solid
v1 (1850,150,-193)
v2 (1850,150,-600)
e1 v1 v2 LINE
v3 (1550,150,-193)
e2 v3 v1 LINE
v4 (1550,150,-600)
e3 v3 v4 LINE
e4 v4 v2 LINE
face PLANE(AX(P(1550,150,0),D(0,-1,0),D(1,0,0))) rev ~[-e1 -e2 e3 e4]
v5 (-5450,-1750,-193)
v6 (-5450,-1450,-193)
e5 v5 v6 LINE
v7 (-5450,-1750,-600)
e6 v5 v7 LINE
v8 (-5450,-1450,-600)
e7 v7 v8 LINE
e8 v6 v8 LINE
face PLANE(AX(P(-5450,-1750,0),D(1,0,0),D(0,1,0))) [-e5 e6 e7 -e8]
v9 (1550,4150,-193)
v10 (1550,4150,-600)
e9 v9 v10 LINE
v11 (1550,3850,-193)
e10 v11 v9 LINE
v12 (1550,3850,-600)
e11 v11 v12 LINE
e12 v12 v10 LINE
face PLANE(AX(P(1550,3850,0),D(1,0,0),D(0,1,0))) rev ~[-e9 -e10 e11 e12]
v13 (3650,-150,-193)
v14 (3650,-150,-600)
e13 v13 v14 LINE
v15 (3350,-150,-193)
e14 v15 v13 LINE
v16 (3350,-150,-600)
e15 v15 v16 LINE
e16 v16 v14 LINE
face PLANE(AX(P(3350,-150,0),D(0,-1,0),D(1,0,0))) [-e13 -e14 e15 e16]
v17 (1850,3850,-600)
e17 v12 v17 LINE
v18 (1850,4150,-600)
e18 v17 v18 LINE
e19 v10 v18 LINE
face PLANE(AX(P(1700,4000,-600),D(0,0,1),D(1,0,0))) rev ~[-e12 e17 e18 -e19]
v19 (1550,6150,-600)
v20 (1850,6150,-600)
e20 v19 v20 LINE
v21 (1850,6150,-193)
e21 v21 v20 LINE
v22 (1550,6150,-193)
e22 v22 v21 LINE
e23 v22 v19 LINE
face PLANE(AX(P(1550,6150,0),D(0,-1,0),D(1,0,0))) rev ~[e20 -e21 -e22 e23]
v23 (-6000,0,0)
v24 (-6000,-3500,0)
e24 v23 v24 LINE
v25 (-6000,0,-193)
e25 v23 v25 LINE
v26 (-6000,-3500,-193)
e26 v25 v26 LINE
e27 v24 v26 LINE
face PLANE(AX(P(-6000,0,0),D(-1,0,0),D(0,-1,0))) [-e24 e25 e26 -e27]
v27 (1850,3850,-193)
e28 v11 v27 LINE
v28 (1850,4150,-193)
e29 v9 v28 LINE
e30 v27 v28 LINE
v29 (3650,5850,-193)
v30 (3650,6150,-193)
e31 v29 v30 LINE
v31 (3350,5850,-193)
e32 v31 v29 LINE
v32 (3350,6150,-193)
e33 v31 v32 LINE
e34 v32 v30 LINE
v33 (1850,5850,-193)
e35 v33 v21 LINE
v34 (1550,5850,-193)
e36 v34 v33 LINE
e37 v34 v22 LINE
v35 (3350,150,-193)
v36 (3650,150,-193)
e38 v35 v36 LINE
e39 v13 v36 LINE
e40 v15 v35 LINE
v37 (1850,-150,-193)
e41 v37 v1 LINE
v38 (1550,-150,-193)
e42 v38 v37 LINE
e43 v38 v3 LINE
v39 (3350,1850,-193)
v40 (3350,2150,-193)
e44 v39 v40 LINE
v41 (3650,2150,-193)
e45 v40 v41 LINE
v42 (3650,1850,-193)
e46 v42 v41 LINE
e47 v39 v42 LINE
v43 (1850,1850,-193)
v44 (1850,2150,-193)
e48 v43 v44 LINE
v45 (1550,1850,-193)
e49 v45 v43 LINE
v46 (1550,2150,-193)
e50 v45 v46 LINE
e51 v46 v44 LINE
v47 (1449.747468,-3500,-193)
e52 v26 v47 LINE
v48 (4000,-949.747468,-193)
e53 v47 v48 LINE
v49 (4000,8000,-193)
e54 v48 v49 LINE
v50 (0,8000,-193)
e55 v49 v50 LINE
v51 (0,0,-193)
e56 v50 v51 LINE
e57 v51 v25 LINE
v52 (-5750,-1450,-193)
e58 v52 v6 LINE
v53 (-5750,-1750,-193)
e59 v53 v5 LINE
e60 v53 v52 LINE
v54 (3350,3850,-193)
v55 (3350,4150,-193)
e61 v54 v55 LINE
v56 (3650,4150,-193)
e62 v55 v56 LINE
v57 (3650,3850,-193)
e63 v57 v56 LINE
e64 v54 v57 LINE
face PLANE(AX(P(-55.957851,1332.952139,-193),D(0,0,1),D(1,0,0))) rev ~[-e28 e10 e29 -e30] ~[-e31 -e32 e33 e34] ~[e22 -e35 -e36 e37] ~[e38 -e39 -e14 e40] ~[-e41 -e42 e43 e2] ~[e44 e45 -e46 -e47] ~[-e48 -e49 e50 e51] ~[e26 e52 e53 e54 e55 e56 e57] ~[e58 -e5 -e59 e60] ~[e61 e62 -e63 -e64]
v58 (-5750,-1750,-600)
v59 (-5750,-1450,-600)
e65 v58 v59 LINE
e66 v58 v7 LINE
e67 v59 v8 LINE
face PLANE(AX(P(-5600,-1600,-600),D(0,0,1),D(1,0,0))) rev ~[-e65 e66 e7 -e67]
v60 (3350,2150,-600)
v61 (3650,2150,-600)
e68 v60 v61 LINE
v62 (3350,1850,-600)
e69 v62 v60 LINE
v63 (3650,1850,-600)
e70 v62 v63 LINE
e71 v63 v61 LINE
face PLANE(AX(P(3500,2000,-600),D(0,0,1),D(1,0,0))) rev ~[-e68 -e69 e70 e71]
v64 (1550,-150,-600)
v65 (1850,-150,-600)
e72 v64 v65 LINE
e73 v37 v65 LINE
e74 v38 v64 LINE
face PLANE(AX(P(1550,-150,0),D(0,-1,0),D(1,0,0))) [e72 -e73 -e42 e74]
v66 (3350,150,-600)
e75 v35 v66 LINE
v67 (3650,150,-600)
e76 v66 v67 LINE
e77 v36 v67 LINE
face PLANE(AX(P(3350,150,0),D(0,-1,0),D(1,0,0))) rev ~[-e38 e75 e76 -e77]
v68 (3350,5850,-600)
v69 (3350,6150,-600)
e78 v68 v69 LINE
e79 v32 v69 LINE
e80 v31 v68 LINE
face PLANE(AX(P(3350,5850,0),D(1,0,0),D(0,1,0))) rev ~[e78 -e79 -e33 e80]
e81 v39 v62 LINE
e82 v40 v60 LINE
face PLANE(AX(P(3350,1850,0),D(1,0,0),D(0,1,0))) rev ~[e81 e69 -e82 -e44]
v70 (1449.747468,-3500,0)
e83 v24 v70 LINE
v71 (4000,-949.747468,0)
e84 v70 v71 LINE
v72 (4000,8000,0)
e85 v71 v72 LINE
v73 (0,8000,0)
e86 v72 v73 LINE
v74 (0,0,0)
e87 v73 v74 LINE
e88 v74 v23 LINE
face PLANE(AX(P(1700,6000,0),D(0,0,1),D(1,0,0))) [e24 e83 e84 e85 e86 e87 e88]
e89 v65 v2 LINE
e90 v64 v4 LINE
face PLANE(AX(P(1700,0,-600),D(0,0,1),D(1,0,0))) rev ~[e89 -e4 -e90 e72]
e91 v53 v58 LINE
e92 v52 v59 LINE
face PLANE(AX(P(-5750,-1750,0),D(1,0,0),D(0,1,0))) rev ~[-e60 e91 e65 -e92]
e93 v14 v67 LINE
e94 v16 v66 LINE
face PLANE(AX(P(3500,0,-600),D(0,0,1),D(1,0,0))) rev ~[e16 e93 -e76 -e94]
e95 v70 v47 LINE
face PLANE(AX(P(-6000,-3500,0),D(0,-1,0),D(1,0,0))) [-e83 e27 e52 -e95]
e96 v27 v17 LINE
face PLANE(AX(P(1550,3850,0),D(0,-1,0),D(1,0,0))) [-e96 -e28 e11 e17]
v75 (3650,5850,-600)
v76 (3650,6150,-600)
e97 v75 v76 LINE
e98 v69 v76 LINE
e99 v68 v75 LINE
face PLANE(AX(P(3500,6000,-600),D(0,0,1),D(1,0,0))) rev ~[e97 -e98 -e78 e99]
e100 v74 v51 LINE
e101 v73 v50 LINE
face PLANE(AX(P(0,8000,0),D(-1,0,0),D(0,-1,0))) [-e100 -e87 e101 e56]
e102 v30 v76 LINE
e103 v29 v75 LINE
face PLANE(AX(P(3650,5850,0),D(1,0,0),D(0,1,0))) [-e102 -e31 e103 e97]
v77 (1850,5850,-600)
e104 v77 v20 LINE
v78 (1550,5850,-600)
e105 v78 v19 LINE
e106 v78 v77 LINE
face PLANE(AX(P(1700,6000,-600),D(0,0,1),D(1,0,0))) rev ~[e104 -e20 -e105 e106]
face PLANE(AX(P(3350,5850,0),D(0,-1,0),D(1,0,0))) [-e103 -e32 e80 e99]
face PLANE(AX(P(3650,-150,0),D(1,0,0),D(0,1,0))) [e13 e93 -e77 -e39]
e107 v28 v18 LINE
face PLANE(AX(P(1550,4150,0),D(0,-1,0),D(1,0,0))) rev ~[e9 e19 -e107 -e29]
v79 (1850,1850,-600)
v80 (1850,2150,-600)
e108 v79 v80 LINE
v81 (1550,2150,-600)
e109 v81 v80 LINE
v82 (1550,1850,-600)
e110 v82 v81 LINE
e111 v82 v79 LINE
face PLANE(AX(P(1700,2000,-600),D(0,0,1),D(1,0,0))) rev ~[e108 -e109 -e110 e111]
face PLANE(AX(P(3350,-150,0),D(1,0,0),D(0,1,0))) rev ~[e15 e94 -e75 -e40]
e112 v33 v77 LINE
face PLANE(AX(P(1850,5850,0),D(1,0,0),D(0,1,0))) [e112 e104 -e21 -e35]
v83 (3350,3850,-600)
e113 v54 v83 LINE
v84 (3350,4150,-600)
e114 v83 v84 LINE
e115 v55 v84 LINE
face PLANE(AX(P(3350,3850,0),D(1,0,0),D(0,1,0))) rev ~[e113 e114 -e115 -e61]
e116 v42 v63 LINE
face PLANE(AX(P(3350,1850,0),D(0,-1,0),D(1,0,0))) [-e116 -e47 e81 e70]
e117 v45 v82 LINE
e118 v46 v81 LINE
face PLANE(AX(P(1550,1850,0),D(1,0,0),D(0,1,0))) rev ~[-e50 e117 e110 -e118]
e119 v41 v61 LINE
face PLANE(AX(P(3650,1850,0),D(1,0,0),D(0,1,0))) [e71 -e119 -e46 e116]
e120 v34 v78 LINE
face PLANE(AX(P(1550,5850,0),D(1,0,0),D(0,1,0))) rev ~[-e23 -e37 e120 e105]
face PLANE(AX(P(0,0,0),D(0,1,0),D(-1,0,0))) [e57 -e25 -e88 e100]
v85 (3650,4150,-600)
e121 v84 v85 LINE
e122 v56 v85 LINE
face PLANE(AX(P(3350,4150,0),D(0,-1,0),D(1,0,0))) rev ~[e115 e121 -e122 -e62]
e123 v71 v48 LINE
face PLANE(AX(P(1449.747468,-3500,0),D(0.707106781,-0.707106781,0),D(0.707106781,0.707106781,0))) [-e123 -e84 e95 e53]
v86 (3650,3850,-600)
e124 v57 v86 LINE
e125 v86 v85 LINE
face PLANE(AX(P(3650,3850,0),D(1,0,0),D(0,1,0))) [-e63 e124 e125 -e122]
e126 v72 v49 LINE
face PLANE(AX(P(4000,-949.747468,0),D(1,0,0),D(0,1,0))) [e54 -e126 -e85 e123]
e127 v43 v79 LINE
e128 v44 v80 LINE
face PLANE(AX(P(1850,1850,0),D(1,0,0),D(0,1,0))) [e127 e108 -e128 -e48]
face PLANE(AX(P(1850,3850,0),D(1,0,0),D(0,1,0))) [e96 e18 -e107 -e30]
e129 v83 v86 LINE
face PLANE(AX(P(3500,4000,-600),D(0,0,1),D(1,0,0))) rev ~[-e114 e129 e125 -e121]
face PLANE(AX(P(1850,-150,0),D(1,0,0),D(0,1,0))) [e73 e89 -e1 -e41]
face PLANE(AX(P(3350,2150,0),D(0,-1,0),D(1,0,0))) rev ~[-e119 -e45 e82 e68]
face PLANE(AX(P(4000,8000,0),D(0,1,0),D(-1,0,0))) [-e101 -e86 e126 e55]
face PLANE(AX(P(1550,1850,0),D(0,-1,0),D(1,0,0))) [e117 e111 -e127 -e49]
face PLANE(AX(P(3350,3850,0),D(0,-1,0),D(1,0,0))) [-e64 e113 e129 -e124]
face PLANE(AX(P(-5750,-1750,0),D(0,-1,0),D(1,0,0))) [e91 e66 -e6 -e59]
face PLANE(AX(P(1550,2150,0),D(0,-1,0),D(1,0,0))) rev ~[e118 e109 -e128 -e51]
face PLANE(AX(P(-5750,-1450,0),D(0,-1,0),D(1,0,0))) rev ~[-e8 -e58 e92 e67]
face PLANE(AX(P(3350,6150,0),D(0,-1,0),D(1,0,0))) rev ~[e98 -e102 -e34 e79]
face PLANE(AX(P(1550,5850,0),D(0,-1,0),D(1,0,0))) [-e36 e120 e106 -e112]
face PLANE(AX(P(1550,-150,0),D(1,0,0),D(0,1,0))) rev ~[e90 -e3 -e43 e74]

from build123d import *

# Parameters (mm, degrees)
F1_DEPTH = 193
F2_W     = 300
F2_H     = 300
F3_DEPTH = 600


with BuildPart() as f1:
    # F0 (on Top) → F1 (new body)
    with BuildSketch(Plane.XY):
        Polygon((4000, 8000), (0, 8000), (0, 0), (-6000, 0), (-6000, -3500), (1449.747468, -3500), (4000, -949.747468), align=None)
    extrude(amount=-F1_DEPTH)

    # F2 (on Top) → F3 (join)
    with BuildSketch(Plane.XY):
        with Locations((1700, 6000)):
            Rectangle(F2_W, F2_H)
        with Locations((1700, 4000)):
            Rectangle(F2_W, F2_H)
        with Locations((1700, 2000)):
            Rectangle(F2_W, F2_H)
        with Locations((1700, 0)):
            Rectangle(F2_W, F2_H)
        with Locations((3500, 6000)):
            Rectangle(F2_W, F2_H)
        with Locations((3500, 4000)):
            Rectangle(F2_W, F2_H)
        with Locations((3500, 2000)):
            Rectangle(F2_W, F2_H)
        with Locations((3500, 0)):
            Rectangle(F2_W, F2_H)
        with Locations((-5600, -1600)):
            Rectangle(F2_W, F2_H)
    extrude(amount=-F3_DEPTH)


solid = f1.part
